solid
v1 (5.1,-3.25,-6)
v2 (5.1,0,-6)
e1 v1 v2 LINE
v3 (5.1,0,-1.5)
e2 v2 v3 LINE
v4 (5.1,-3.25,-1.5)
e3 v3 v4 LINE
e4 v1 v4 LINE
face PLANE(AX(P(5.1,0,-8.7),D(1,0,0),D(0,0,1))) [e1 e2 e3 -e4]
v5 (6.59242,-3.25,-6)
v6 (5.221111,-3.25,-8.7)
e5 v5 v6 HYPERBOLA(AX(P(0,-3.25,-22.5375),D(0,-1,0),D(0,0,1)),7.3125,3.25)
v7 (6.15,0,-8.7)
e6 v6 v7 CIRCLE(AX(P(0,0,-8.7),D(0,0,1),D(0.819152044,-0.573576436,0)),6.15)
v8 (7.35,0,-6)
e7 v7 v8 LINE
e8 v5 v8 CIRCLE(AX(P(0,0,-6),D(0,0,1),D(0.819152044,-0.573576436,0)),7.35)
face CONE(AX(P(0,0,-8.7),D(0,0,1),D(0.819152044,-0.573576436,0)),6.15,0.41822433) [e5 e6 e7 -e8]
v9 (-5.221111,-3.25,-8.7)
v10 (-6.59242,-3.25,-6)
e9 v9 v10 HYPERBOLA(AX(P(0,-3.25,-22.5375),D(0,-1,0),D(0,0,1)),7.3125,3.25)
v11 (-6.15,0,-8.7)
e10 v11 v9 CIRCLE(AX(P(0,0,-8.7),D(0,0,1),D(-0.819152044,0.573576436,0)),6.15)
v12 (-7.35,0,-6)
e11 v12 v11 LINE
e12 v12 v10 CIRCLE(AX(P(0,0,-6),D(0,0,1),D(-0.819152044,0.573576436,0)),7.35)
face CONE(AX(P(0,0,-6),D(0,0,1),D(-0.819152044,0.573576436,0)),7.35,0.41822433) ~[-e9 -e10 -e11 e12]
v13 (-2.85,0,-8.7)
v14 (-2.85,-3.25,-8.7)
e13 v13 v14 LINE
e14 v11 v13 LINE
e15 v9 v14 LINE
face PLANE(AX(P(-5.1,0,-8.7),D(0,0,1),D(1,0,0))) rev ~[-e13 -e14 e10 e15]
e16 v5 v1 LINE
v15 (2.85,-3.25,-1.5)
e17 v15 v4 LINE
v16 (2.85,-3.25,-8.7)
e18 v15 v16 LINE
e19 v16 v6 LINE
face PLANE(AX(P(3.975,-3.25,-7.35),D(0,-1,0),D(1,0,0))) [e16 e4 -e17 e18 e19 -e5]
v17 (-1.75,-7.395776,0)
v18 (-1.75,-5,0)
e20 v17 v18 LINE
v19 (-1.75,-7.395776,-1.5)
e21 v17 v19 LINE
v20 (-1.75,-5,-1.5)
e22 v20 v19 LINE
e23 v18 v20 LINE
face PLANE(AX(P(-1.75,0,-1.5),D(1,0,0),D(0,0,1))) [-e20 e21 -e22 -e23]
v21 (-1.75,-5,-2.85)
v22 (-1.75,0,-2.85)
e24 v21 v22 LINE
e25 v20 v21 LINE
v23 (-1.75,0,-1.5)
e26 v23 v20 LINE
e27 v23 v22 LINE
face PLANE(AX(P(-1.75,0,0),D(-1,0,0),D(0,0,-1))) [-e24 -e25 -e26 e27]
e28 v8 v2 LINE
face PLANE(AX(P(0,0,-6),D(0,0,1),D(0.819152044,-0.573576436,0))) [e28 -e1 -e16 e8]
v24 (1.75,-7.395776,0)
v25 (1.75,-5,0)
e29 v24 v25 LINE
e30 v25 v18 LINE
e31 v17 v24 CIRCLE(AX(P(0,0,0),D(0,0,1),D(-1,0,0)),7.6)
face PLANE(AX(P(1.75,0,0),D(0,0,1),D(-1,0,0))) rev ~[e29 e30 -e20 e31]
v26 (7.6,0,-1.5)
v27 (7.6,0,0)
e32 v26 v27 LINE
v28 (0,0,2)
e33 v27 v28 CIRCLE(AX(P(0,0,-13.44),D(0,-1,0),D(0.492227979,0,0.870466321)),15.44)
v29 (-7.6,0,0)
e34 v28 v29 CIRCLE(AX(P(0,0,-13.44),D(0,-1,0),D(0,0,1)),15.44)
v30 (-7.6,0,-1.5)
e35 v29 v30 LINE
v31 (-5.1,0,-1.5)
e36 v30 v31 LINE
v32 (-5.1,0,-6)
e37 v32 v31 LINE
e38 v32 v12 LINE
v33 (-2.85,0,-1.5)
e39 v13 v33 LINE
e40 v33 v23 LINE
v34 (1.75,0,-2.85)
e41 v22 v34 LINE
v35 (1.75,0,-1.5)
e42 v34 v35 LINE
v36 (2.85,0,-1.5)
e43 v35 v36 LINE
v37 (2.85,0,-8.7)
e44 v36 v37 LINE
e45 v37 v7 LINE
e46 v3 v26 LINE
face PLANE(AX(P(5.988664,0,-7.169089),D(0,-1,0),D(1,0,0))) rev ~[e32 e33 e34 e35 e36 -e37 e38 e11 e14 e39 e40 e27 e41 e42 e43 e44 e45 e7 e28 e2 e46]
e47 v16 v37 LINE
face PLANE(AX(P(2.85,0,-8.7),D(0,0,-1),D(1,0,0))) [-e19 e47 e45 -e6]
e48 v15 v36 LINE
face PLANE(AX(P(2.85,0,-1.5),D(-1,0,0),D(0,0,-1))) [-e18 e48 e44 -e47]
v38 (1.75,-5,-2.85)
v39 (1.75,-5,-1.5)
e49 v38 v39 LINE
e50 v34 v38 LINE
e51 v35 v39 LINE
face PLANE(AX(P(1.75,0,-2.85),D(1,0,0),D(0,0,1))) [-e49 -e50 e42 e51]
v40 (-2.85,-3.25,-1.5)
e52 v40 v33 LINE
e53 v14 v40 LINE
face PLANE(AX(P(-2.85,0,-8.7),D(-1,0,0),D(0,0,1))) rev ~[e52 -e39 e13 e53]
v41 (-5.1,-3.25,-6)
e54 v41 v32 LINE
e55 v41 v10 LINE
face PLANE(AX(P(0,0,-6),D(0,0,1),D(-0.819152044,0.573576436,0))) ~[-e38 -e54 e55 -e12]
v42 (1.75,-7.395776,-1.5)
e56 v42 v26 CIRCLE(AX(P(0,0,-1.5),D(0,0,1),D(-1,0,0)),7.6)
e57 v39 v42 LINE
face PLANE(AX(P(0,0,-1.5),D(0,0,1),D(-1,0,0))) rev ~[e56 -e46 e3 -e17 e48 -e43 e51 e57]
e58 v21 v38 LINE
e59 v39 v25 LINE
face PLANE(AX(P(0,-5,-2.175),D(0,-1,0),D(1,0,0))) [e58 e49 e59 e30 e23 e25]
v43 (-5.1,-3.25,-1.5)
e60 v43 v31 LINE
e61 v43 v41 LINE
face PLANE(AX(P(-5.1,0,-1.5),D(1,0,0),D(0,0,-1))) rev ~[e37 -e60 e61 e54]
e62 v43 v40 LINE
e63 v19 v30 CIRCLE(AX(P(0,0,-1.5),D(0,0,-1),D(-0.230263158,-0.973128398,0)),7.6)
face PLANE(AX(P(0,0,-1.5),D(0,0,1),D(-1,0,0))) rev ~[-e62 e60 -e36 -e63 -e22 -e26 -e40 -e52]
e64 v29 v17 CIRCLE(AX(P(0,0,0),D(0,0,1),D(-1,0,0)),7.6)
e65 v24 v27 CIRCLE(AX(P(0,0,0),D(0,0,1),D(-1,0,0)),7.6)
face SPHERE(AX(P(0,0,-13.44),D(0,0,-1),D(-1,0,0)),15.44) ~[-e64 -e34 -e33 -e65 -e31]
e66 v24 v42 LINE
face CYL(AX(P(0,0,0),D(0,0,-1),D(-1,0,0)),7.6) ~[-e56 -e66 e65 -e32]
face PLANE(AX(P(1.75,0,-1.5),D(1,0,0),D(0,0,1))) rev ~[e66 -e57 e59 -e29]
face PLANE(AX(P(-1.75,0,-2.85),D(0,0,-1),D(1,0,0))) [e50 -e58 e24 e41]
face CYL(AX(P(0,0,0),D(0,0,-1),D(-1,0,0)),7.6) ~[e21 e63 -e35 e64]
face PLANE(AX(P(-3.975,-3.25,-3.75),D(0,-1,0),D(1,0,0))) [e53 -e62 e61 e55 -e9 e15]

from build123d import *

# Parameters (mm, degrees)
F0_W          = 1.75
F0_H          = 1.5
F0_W_2        = 2.25
F0_H_2        = 4.5
F0_H_3        = 2.7
F2_DEPTH      = 3.25
F3_ANGLE_BACK = 35
F3_ANGLE      = 70
F4_DEPTH      = 12.5
F5_DEPTH      = 5
F6_START      = 3.25
F6_DEPTH      = 4.351
F7_DEPTH      = 7.601


with BuildPart() as f1:
    # F0 (on Front) → F1 (revolve)
    with BuildSketch(Plane.XZ):
        Polygon((-1.75, 0), (-7.6, 0), (-7.6, -1.5), (-5.1, -1.5), (-2.85, -1.5), (-1.75, -1.5), align=None)
        with BuildLine():
            ThreePointArc((0, 2), (-3.9293765409, 1.4916308553), (-7.6, 0))
            Line((-7.6, 0), (-1.75, 0))
            Line((-1.75, 0), (0, 0))
            Line((0, 0), (0, 2))
        make_face()
        with Locations((-0.875, -0.75)):
            Rectangle(F0_W, F0_H)
    revolve(axis=Axis((0, 0, 1), (0, 0, 1)))

    # F0 (on Front) → F2 (join, symmetric)
    with BuildSketch(Plane.XZ):
        with Locations((-3.975, -3.75)):
            Rectangle(F0_W_2, F0_H_2)
        with Locations((-3.975, -7.35)):
            Rectangle(F0_W_2, F0_H_3)
        with Locations((3.975, -7.35)):
            Rectangle(F0_W_2, F0_H_3)
        with Locations((3.975, -3.75)):
            Rectangle(F0_W_2, F0_H_2)
    extrude(amount=F2_DEPTH, both=True)

    # F0 (on Front) → F3 (revolve)
    with BuildSketch(Plane.XZ, mode=Mode.PRIVATE) as f3_sk:
        Polygon((-5.1, -8.7), (-5.1, -6), (-7.35, -6), (-6.15, -8.7), align=None)
        Polygon((7.35, -6), (5.1, -6), (5.1, -8.7), (6.15, -8.7), align=None)
    revolve(f3_sk.sketch.rotate(Axis((0, 0, 1), (0, 0, 1)), -F3_ANGLE_BACK), axis=Axis((0, 0, 1), (0, 0, 1)), revolution_arc=F3_ANGLE)

    # F0 (on Front) → F4 (cut, symmetric)
    with BuildSketch(Plane.XZ):
        with Locations((-0.875, -0.75)):
            Rectangle(F0_W, F0_H)
        with Locations((0.875, -0.75)):
            Rectangle(F0_W, F0_H)
    extrude(amount=F4_DEPTH, both=True, mode=Mode.SUBTRACT)

    # F0 (on Front) → F5 (join, symmetric)
    with BuildSketch(Plane.XZ):
        Polygon((0, -1.5), (-1.75, -1.5), (-1.75, -2.85), (1.75, -2.85), (1.75, -1.5), align=None)
        with Locations((-0.875, -0.75)):
            Rectangle(F0_W, F0_H)
        with Locations((0.875, -0.75)):
            Rectangle(F0_W, F0_H)
    extrude(amount=F5_DEPTH, both=True)

    # F0 (on Front) → F6 (cut)
    with BuildSketch(Plane.XZ.offset(F6_START)):
        Polygon((-5.1, -8.7), (-5.1, -6), (-7.35, -6), (-6.15, -8.7), align=None)
        with Locations((-3.975, -7.35)):
            Rectangle(F0_W_2, F0_H_3)
        with Locations((3.975, -7.35)):
            Rectangle(F0_W_2, F0_H_3)
        Polygon((7.35, -6), (5.1, -6), (5.1, -8.7), (6.15, -8.7), align=None)
    extrude(amount=F6_DEPTH, mode=Mode.SUBTRACT)

    # F0 (on Front) → F7 (cut, through all)
    with BuildSketch(Plane.XZ):
        Polygon((7.35, -6), (5.1, -6), (5.1, -8.7), (6.15, -8.7), align=None)
        Polygon((-5.1, -8.7), (-5.1, -6), (-7.35, -6), (-6.15, -8.7), align=None)
        Polygon((0, -1.5), (-1.75, -1.5), (-1.75, -2.85), (1.75, -2.85), (1.75, -1.5), align=None)
        with Locations((3.975, -3.75)):
            Rectangle(F0_W_2, F0_H_2)
        with Locations((3.975, -7.35)):
            Rectangle(F0_W_2, F0_H_3)
        with Locations((-3.975, -3.75)):
            Rectangle(F0_W_2, F0_H_2)
        with Locations((-3.975, -7.35)):
            Rectangle(F0_W_2, F0_H_3)
        with BuildLine():
            ThreePointArc((7.6, 0), (3.9293765409, 1.4916308553), (0, 2))
            Line((0, 2), (0, 0))
            Line((0, 0), (1.75, 0))
            Line((1.75, 0), (7.6, 0))
        make_face()
        with BuildLine():
            ThreePointArc((0, 2), (-3.9293765409, 1.4916308553), (-7.6, 0))
            Line((-7.6, 0), (-1.75, 0))
            Line((-1.75, 0), (0, 0))
            Line((0, 0), (0, 2))
        make_face()
        Polygon((-1.75, 0), (-7.6, 0), (-7.6, -1.5), (-5.1, -1.5), (-2.85, -1.5), (-1.75, -1.5), align=None)
        Polygon((7.6, -1.5), (7.6, 0), (1.75, 0), (1.75, -1.5), (2.85, -1.5), (5.1, -1.5), align=None)
        with Locations((-0.875, -0.75)):
            Rectangle(F0_W, F0_H)
        with Locations((0.875, -0.75)):
            Rectangle(F0_W, F0_H)
    extrude(amount=-F7_DEPTH, mode=Mode.SUBTRACT)


solid = f1.part
